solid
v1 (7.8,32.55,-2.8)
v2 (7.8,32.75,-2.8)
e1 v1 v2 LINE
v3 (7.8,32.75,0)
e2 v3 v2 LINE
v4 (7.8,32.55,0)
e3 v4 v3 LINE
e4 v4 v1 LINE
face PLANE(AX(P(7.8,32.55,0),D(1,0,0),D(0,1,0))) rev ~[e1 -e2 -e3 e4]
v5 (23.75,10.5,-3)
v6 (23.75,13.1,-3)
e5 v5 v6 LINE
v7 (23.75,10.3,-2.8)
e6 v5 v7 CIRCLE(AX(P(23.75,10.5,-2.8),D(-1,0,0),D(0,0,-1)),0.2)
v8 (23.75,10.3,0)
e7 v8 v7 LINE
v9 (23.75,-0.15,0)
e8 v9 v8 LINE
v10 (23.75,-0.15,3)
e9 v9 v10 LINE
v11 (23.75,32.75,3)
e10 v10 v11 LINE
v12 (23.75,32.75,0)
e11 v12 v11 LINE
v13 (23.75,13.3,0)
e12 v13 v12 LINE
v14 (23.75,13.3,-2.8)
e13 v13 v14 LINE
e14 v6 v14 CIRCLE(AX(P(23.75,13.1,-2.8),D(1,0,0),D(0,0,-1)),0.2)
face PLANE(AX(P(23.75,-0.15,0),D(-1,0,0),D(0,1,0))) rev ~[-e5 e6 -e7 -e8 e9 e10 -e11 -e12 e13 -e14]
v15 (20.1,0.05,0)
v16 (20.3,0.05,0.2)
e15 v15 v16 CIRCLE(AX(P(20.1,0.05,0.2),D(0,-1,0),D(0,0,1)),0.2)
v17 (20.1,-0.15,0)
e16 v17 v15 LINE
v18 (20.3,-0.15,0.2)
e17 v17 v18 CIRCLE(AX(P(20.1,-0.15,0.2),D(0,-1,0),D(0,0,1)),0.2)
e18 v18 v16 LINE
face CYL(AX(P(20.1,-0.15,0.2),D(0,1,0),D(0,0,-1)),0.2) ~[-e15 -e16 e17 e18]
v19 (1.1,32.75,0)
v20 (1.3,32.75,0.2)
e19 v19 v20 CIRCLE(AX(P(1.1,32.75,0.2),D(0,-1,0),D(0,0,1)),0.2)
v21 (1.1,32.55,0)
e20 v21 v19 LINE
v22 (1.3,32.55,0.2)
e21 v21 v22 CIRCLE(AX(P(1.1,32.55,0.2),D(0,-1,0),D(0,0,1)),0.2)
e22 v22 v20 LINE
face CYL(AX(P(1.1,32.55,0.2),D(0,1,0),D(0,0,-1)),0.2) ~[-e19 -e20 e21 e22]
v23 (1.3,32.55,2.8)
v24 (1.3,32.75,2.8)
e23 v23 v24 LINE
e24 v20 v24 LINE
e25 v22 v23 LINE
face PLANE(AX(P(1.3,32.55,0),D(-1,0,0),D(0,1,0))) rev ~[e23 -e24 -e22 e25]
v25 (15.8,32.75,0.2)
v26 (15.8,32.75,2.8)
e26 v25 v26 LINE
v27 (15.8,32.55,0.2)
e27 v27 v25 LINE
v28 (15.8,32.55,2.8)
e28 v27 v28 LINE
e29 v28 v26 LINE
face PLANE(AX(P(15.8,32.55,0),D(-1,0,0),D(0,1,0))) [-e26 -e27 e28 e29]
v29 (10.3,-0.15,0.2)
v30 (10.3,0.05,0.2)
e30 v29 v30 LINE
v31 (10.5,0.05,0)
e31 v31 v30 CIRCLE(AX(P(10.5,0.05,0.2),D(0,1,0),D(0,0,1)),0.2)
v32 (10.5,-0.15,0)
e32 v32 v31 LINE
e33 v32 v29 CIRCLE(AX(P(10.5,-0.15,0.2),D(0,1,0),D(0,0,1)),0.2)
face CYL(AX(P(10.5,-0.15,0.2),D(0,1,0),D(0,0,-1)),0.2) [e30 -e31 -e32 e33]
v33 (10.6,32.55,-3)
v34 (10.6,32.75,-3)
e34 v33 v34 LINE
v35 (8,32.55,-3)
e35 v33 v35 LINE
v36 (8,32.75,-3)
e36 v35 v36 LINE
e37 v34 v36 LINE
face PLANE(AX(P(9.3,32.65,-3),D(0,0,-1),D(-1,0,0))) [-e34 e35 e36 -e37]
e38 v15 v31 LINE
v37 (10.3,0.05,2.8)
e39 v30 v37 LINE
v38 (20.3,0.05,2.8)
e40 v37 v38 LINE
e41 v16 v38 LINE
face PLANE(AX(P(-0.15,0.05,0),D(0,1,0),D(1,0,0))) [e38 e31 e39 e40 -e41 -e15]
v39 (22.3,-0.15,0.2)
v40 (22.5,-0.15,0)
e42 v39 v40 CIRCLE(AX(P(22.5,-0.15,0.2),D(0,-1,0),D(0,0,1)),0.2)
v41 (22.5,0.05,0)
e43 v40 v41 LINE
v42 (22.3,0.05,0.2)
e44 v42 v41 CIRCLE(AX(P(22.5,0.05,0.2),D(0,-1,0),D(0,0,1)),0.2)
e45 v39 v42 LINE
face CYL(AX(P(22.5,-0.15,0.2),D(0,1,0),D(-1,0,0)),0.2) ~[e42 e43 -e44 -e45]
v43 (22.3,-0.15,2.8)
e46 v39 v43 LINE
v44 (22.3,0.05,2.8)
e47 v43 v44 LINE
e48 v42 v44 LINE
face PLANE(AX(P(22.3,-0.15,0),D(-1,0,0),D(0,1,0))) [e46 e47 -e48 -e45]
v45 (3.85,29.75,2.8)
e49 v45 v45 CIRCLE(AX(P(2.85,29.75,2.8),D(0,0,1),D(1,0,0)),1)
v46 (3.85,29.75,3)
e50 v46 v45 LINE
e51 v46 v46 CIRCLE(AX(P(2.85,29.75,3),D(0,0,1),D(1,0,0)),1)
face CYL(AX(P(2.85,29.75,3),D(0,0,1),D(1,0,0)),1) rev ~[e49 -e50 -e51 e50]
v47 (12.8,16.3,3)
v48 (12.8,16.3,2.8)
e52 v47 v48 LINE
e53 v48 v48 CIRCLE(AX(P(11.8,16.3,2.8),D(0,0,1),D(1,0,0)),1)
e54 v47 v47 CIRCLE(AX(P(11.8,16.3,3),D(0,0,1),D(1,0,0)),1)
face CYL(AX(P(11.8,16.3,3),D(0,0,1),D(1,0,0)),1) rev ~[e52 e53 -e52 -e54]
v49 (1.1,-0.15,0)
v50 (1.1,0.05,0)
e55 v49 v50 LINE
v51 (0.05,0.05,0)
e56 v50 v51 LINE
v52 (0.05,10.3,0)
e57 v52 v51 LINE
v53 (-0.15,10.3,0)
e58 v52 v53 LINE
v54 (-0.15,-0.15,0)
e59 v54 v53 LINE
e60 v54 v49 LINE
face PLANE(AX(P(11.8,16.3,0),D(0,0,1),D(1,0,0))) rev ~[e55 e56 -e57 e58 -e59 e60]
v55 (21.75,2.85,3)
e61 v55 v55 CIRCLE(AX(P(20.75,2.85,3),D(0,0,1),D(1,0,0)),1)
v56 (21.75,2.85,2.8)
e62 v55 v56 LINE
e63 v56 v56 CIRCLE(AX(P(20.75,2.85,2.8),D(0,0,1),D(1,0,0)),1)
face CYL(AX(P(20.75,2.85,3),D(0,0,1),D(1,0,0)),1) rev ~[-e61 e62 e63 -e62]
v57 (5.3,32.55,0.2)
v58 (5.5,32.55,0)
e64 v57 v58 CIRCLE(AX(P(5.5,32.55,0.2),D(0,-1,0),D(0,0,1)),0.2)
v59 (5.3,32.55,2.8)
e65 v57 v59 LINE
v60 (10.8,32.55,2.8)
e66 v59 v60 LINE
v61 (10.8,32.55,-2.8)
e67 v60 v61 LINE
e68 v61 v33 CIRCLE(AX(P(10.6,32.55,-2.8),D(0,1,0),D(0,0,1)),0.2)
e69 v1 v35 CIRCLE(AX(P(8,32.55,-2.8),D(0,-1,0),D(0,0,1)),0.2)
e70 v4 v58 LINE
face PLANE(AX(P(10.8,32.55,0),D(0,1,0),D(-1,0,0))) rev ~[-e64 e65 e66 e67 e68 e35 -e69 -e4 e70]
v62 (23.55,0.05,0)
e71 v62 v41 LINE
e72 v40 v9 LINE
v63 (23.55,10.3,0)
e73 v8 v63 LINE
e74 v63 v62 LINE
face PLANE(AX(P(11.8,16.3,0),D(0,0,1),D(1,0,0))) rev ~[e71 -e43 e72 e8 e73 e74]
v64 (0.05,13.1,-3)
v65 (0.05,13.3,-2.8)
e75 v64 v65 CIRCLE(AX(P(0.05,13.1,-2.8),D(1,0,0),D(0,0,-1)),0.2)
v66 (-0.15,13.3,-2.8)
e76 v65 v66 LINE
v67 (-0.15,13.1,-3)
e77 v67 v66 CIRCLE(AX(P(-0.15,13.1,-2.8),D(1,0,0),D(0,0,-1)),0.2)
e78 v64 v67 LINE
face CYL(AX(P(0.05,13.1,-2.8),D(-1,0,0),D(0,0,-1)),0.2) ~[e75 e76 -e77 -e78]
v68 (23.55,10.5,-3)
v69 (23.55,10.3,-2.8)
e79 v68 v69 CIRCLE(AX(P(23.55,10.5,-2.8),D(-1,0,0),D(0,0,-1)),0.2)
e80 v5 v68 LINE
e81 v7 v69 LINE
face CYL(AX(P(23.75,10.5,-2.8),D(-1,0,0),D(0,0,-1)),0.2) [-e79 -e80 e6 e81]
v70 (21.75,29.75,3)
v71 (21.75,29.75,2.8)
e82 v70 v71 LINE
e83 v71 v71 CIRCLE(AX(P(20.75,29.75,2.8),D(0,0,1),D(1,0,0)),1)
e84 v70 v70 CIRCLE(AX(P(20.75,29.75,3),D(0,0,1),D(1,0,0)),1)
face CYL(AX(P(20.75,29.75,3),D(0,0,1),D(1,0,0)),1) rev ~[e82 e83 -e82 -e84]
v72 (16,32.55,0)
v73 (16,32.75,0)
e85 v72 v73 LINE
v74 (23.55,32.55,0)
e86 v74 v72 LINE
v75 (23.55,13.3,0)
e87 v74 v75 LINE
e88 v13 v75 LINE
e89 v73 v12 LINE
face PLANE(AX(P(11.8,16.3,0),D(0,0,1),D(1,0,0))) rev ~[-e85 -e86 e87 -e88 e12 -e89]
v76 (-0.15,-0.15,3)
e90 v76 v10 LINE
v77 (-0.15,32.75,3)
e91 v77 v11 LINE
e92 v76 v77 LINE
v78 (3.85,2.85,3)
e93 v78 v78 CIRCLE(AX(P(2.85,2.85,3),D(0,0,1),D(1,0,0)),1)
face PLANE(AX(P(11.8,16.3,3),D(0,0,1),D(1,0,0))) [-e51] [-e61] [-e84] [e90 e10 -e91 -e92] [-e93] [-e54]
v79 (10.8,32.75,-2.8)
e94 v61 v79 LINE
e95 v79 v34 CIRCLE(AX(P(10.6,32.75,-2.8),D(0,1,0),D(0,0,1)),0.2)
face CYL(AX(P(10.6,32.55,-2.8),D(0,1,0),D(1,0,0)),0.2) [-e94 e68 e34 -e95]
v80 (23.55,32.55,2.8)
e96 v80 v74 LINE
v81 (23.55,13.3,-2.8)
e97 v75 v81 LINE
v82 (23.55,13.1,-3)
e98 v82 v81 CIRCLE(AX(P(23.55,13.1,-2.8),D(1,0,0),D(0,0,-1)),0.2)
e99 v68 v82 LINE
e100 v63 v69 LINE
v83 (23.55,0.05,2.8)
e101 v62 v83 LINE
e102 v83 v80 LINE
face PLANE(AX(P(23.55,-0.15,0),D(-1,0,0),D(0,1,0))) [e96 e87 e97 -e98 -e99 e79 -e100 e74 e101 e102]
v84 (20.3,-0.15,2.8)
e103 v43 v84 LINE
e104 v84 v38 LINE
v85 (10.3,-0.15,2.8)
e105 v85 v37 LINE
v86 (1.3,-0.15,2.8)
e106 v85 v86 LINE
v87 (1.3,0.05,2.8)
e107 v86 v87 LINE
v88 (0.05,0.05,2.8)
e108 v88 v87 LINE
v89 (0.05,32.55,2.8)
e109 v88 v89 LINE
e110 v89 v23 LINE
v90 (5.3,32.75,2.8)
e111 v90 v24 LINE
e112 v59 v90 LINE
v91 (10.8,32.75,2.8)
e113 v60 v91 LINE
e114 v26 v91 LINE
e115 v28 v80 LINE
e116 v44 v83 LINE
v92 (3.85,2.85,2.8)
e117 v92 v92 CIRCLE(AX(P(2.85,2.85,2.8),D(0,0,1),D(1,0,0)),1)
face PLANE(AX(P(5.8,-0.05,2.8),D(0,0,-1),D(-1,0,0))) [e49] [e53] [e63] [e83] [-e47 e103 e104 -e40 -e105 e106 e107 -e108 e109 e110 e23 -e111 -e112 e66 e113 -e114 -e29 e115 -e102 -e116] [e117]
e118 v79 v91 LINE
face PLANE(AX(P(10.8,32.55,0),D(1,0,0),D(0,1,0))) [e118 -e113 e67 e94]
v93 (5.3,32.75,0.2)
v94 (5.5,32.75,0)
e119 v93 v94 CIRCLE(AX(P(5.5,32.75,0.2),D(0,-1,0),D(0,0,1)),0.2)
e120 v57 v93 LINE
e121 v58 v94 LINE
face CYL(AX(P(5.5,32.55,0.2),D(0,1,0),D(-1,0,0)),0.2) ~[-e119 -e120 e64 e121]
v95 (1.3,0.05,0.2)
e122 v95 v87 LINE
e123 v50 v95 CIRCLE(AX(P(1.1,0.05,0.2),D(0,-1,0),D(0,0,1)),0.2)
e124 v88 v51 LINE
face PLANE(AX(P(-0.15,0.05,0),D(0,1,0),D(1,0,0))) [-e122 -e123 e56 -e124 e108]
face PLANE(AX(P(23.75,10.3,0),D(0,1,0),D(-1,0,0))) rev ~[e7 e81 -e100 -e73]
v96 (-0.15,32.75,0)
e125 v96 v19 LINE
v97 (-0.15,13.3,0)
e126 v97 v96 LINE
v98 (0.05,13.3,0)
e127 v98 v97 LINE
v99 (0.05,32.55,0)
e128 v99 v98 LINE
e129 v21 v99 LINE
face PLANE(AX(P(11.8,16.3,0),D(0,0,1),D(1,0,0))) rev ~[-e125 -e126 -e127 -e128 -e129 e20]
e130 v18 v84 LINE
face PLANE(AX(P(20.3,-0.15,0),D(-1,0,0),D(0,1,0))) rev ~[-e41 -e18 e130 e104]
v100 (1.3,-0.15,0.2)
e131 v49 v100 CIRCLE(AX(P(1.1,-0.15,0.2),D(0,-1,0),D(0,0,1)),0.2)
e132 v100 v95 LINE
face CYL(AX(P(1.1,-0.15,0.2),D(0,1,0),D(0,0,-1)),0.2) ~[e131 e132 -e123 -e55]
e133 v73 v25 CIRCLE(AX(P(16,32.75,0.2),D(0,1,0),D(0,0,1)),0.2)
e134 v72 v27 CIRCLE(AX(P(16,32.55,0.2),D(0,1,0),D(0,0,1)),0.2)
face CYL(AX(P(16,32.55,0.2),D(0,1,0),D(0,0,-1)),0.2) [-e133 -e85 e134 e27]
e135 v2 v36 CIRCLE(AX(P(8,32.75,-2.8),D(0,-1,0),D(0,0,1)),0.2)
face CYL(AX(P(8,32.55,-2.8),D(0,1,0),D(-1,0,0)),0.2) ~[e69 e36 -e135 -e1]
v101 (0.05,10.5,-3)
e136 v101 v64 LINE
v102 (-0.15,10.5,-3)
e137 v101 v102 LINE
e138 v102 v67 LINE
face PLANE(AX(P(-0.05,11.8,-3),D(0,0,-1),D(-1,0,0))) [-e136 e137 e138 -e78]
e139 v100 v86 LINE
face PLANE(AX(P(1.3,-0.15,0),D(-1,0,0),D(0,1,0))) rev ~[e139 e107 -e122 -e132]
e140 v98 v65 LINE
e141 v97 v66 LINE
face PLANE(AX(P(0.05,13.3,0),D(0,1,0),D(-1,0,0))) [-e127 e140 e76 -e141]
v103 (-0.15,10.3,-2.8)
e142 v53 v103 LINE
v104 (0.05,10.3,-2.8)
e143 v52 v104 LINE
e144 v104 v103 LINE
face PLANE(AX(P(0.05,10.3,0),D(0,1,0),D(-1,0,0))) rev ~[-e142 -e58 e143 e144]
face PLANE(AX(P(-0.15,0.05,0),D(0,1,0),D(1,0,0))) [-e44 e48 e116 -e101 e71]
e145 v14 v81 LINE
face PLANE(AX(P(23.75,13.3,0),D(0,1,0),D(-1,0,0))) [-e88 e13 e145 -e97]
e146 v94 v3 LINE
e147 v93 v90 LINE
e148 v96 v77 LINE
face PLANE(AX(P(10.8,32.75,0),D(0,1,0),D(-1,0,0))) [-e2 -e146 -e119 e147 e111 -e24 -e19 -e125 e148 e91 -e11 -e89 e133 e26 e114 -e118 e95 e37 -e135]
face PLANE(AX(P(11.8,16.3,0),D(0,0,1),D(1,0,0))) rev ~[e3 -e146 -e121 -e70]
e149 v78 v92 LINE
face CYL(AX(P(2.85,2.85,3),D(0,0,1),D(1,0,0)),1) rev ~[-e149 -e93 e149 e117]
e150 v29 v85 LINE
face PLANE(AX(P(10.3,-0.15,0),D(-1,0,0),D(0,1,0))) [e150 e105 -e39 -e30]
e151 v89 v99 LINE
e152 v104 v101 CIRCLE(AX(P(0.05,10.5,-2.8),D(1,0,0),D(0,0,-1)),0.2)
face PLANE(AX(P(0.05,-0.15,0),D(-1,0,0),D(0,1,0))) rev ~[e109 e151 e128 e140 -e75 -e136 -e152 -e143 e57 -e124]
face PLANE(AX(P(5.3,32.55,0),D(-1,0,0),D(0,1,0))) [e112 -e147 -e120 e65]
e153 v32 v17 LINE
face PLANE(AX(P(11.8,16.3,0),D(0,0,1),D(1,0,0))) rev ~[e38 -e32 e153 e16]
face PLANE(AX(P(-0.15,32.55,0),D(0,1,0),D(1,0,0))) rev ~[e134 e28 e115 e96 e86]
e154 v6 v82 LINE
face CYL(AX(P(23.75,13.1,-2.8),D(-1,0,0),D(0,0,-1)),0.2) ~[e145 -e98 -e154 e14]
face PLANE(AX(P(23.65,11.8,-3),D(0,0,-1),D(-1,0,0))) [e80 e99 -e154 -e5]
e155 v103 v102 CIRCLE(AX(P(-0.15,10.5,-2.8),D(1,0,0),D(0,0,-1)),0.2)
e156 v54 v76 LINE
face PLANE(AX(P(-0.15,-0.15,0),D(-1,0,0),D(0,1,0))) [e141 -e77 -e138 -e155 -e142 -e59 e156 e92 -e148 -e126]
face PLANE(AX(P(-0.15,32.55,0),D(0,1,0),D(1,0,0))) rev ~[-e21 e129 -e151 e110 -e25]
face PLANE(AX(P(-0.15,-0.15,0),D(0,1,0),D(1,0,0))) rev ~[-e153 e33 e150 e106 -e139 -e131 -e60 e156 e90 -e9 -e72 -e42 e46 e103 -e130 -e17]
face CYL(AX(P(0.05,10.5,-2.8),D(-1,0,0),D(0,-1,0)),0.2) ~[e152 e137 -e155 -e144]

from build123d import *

# Parameters (mm, degrees)
SKETCH_1_W          = 23.9
SKETCH_1_H          = 32.9
EXTRUDE_1_DEPTH     = 3
SHELL_1_T           = -0.2
SKETCH_3_2_W        = 9
SKETCH_3_2_H        = 0.2
SKETCH_3_2_W_2      = 2
SKETCH_3_2_W_3      = 5
SKETCH_3_2_W_4      = 4
CUT_EXTRUDE_3_DEPTH = 2.8
SKETCH_3_W          = 3
SKETCH_3_H          = 0.2
SKETCH_3_W_2        = 0.2
SKETCH_3_H_2        = 3
EXTRUDE_2_DEPTH     = 3
FILLET_1_R          = 0.2
SKETCH_5_R          = 1
CUT_EXTRUDE_5_DEPTH = 7


with BuildPart() as part:
    # Sketch 1 → Extrude 1 (new body)
    with BuildSketch(Plane.XY):
        with Locations((11.8, 16.3)):
            Rectangle(SKETCH_1_W, SKETCH_1_H)
    extrude(amount=EXTRUDE_1_DEPTH)

    # Shell 1
    shell_1_openings = [part.faces().sort_by_distance(p)[0] for p in [
        (11.8, 16.3, 0),
    ]]
    offset(amount=SHELL_1_T, openings=shell_1_openings, kind=Kind.INTERSECTION)

    # Sketch 3_2 → Cut-Extrude 3 (cut)
    with BuildSketch(Plane(origin=(0, 0, 0), x_dir=(-1, 0, 0), z_dir=(0, 0, -1))):
        with Locations((-5.8, -0.05)):
            Rectangle(SKETCH_3_2_W, SKETCH_3_2_H)
        with Locations((-21.3, -0.05)):
            Rectangle(SKETCH_3_2_W_2, SKETCH_3_2_H)
        with Locations((-13.3, 32.65)):
            Rectangle(SKETCH_3_2_W_3, SKETCH_3_2_H)
        with Locations((-3.3, 32.65)):
            Rectangle(SKETCH_3_2_W_4, SKETCH_3_2_H)
    extrude(amount=-CUT_EXTRUDE_3_DEPTH, mode=Mode.SUBTRACT)

    # Sketch 3 → Extrude 2 (add)
    with BuildSketch(Plane(origin=(0, 0, 0), x_dir=(-1, 0, 0), z_dir=(0, 0, -1))):
        with Locations((-9.3, 32.65)):
            Rectangle(SKETCH_3_W, SKETCH_3_H)
        with Locations((0.05, 11.8)):
            Rectangle(SKETCH_3_W_2, SKETCH_3_H_2)
        with Locations((-23.65, 11.8)):
            Rectangle(SKETCH_3_W_2, SKETCH_3_H_2)
    extrude(amount=EXTRUDE_2_DEPTH)

    # Fillet 1
    fillet_1_edges = [part.edges().sort_by_distance(p)[0] for p in [
        (-0.05, 13.3, -3),
        (-0.05, 10.3, -3),
        (23.65, 13.3, -3),
        (23.65, 10.3, -3),
        (1.3, -0.05, 0),
        (10.3, -0.05, 0),
        (20.3, -0.05, 0),
        (22.3, -0.05, 0),
        (15.8, 32.65, 0),
        (1.3, 32.65, 0),
        (5.3, 32.65, 0),
        (7.8, 32.65, -3),
        (10.8, 32.65, -3),
    ]]
    fillet(fillet_1_edges, radius=FILLET_1_R)

    # Sketch 5 → Cut-Extrude 5 (cut, through all)
    with BuildSketch(Plane.XY.offset(3)):
        with Locations((11.8, 16.3)):
            Circle(SKETCH_5_R)
        with Locations((2.85, 29.75)):
            Circle(SKETCH_5_R)
        with Locations((2.85, 2.85)):
            Circle(SKETCH_5_R)
        with Locations((20.75, 2.85)):
            Circle(SKETCH_5_R)
        with Locations((20.75, 29.75)):
            Circle(SKETCH_5_R)
    extrude(amount=-CUT_EXTRUDE_5_DEPTH, mode=Mode.SUBTRACT)


solid = part.part
